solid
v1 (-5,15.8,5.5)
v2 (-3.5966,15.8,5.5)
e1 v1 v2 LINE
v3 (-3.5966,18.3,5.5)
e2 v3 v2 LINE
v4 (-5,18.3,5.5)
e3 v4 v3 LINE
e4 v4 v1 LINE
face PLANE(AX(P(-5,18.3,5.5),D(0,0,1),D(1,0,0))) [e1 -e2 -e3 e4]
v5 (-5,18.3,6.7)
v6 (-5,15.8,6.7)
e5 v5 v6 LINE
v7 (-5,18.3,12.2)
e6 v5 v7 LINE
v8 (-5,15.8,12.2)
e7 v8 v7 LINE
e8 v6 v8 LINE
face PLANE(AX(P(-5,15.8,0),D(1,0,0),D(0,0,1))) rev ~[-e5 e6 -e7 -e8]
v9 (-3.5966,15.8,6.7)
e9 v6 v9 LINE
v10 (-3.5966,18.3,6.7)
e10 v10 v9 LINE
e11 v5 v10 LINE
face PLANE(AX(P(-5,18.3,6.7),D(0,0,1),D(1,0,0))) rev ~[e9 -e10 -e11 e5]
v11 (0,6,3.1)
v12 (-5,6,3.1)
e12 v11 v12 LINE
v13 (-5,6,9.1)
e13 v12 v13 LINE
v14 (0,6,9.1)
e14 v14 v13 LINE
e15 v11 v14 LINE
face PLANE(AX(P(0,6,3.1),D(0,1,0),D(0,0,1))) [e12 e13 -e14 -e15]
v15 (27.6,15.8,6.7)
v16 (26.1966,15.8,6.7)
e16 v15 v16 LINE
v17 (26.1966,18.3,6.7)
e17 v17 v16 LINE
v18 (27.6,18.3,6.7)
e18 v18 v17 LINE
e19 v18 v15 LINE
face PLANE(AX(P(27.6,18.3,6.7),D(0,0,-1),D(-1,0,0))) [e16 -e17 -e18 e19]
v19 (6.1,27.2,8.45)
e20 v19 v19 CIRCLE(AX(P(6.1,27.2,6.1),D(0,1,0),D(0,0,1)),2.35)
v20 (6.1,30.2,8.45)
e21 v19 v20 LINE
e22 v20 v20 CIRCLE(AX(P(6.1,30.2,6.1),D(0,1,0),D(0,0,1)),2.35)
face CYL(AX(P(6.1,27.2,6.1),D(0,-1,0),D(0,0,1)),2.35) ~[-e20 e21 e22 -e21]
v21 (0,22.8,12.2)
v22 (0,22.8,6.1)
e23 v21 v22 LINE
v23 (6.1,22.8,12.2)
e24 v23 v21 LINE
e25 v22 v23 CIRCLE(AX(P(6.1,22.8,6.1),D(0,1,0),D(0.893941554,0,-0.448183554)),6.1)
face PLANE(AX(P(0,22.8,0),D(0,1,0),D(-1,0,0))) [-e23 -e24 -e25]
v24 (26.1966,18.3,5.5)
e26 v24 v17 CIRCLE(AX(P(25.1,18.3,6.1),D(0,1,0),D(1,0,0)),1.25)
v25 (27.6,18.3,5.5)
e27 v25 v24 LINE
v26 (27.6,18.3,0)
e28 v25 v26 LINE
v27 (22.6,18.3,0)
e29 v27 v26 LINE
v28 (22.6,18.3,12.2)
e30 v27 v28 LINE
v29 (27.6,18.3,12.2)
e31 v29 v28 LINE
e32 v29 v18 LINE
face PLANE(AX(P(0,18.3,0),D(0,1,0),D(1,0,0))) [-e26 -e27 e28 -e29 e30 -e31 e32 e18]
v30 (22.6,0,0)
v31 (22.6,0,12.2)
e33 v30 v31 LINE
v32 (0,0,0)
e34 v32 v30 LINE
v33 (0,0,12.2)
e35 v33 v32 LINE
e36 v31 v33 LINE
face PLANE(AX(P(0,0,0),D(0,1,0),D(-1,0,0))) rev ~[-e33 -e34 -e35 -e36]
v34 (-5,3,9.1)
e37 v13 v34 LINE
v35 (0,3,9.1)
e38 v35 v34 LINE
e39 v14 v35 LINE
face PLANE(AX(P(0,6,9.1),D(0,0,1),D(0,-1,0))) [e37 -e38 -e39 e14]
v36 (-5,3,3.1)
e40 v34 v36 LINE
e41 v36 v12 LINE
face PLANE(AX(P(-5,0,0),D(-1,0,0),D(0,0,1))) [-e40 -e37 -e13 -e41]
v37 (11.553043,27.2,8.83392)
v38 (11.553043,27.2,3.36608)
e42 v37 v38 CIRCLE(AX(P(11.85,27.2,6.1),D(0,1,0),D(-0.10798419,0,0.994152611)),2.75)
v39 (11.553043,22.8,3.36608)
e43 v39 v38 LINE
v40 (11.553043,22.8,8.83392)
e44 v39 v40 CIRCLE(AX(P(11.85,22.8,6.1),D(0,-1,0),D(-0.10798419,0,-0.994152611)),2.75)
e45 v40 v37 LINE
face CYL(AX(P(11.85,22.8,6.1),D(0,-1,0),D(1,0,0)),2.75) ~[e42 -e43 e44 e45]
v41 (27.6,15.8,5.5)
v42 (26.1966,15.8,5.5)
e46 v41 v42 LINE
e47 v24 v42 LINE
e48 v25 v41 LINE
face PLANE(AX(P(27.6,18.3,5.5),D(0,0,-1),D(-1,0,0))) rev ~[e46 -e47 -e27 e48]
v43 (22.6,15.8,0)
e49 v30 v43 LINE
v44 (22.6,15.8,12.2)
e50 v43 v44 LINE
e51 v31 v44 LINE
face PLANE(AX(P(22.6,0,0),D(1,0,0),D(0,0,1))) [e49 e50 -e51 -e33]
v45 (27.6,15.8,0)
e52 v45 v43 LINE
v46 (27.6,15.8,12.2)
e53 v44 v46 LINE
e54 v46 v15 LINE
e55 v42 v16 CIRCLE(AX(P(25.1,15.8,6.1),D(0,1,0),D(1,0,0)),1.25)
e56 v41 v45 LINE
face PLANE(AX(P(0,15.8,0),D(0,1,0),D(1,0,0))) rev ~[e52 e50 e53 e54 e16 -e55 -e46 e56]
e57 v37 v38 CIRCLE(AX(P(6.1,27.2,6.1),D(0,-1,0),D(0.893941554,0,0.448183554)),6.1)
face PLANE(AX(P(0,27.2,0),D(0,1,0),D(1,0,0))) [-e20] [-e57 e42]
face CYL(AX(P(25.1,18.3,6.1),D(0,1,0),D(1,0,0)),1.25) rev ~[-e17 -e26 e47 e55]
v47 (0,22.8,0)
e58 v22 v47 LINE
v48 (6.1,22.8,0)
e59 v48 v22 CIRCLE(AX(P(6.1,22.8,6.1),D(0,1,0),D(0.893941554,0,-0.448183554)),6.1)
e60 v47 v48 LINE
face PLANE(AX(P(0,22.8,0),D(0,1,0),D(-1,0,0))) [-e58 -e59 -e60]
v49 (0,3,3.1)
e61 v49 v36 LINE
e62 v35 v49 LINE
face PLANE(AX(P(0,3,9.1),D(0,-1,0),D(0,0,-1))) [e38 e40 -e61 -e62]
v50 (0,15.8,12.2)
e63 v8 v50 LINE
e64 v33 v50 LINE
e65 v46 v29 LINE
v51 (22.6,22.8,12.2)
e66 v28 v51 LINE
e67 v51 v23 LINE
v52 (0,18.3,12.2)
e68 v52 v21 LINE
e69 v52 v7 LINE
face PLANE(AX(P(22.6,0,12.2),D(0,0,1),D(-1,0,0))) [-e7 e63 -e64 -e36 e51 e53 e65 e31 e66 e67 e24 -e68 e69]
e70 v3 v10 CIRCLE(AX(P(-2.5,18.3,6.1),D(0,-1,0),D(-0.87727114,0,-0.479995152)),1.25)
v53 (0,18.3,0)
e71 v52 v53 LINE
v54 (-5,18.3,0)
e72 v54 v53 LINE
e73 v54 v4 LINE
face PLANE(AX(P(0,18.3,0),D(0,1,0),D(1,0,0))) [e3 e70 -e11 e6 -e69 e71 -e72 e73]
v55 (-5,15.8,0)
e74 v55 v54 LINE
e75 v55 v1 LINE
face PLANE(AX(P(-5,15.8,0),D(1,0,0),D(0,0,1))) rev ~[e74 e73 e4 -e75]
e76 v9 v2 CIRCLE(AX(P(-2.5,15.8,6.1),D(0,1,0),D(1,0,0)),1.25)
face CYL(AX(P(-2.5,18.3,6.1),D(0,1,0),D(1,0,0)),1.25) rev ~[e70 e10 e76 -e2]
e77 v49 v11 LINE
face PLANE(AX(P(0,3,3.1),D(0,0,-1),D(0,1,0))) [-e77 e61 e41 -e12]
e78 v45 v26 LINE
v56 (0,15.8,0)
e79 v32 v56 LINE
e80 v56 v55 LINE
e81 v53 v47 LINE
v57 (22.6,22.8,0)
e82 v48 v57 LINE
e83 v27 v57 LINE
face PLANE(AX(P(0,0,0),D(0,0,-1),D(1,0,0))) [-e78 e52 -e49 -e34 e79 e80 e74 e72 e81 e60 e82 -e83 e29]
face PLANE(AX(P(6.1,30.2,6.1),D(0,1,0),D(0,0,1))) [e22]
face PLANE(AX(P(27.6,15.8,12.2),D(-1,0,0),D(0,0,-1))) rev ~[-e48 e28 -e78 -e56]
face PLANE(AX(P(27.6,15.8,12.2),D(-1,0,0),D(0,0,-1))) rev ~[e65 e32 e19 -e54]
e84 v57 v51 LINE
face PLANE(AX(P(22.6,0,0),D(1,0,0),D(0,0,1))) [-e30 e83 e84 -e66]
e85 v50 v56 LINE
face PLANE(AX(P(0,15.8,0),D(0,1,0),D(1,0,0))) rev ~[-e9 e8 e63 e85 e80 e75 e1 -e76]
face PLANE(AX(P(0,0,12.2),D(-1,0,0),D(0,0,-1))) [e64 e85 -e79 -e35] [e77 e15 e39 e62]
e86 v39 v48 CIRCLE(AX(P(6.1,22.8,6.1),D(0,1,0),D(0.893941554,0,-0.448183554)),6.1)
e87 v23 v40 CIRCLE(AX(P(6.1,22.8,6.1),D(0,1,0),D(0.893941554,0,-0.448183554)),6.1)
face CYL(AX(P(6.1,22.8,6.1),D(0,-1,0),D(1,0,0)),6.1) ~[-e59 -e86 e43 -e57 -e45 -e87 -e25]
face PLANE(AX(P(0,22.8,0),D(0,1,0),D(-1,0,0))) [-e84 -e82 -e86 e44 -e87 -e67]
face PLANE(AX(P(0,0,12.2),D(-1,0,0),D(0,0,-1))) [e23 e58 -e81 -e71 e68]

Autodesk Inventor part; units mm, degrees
ref_plane "YZ Plane" through (0, 0, 0) normal (1, 0, 0) x (0, 1, 0)
ref_plane "XZ Plane" through (0, 0, 0) normal (0, 1, 0) x (-1, 0, 0)
sketch "草图1" plane through (0, 0, 0) normal (0, 1, 0) x (-1, 0, 0)
  line L0 (0, 0) -> (-22.6, 0)
  line L1 (-22.6, 0) -> (-22.6, 12.2)
  line L2 (-22.6, 12.2) -> (0, 12.2)
  line L3 (0, 12.2) -> (0, 0)
  dimension "d0" = 22.6
  dimension "d1" = 12.2
extrude "拉伸1" add sketch "草图1" along normal blind 22.8
ref_plane "工作平面1" through (0, 15.8, 0) normal (0, 1, 0) x (1, 0, 0)
sketch "草图2" plane through (0, 15.8, 0) normal (0, 1, 0) x (1, 0, 0)
  line L0 (-5, -12.2) -> (27.6, -12.2)
  line L1 (27.6, -12.2) -> (27.6, 0)
  line L2 (27.6, 0) -> (-5, 0)
  line L3 (-5, 0) -> (-5, -12.2)
  line L4 (0, -12.2) -> (22.6, -12.2) projected
  line L5 (22.6, -12.2) -> (22.6, 0) projected
  line L6 (22.6, 0) -> (0, 0) projected
  line L7 (0, 0) -> (0, -12.2) projected
  line L8 (22.6, 0) -> (0, 0) projected
  line L9 (0, -12.2) -> (22.6, -12.2) projected
  dimension "d5" = 5
  dimension "d6" = 5
extrude "拉伸2" add sketch "草图2" along normal blind 2.5
sketch "草图3" plane through (0, 22.8, 0) normal (0, 1, 0) x (1, 0, 0)
  line L0 (0, -12.2) -> (22.6, -12.2) projected
  line L1 (22.6, -12.2) -> (22.6, 0) projected
  line L2 (22.6, 0) -> (0, 0) projected
  line L3 (0, 0) -> (0, -12.2) projected
  circle A0 centre (6.1, -6.1) radius 6.1
  line L4 (0, 0) -> (0, -12.2) projected
  line L5 (0, -6.1) -> (6.1, -6.1) construction
  circle A1 centre (11.85, -6.1) radius 2.75
  line L6 (14.6, -6.1) -> (0, -6.1) construction
  point P0 (11.553, -3.3661)
  point P1 (11.553, -8.8339)
  dimension "d14" = 5.5
  dimension "d15" = 14.6
extrude "拉伸3" add sketch "草图3" along normal blind 4.4 contours A0 A1 | A1 A0 | A0 A1
sketch "草图4" plane through (6.1, 27.2, 6.1) normal (0, 1, 0) x (0, 0, 1)
  arc A0 (-2.7339, 5.453) -> (2.7339, 5.453) centre (0, 0) ccw projected
  circle A1 centre (0, 0) radius 2.35
  arc A2 (2.7339, 5.453) -> (-2.7339, 5.453) centre (0, 5.75) ccw projected
  point P0 (-6.1, -6.1)
  dimension "d16" = 4.7
extrude "拉伸4" add sketch "草图4" along normal blind 3 contours A1
sketch "草图5" plane through (0, 18.3, 0) normal (0, 1, 0) x (1, 0, 0)
  line L0 (0, 0) -> (0, -12.2) projected
  line L1 (0, 0) -> (-5, 0) projected
  line L2 (-5, 0) -> (-5, -12.2) projected
  line L3 (-5, -12.2) -> (0, -12.2) projected
  line L4 (22.6, -12.2) -> (22.6, 0) projected
  line L5 (22.6, -12.2) -> (27.6, -12.2) projected
  line L6 (27.6, -12.2) -> (27.6, 0) projected
  line L7 (27.6, 0) -> (22.6, 0) projected
  circle A0 centre (-2.5, -6.1) radius 1.25
  circle A1 centre (25.1, -6.1) radius 1.25
  line L8 (-5, 0) -> (-5, -12.2) projected
  line L9 (-5, -6.1) -> (-2.5, -6.1) construction
  line L10 (-5, -6.7) -> (-3.5966, -6.7)
  line L11 (-5, -5.5) -> (-3.5966, -5.5)
  line L12 (27.6, -12.2) -> (27.6, 0) projected
  line L13 (27.6, -6.7) -> (26.1966, -6.7)
  line L14 (27.6, -5.5) -> (26.1966, -5.5)
  point P0 (0, 0)
  dimension "d17" = 2.5
  dimension "d18" = 2.5
  dimension "d19" = 2.5
  dimension "d20" = 2.5
  dimension "d21" = 0.6
  dimension "d22" = 0.6
extrude "拉伸5" cut sketch "草图5" against normal through all contours L11 A0 L10 L2 | A0 | L13 A1 L14 L6 | A1
sketch "草图6" plane through (0, 0, 0) normal (-1, 0, 0) x (0, 0, 1)
  line L0 (3.1, 6) -> (9.1, 6)
  line L1 (9.1, 6) -> (9.1, 3)
  line L2 (9.1, 3) -> (3.1, 3)
  line L3 (3.1, 3) -> (3.1, 6)
  line L4 (12.2, 15.8) -> (0, 15.8) projected
  line L5 (0, 0) -> (0, 15.8) projected
  line L6 (0, 0) -> (12.2, 0) projected
  line L7 (12.2, 0) -> (12.2, 15.8) projected
  line L8 (6.1, 0) -> (6.1, 6) construction
  dimension "d25" = 6
  dimension "d26" = 3
  dimension "d27" = 6
extrude "拉伸6" add sketch "草图6" along normal blind 5 contours L0 L1 L2 L3
ref_plane "工作平面2" through (6.1, 18.3, 12.2) normal (-1, 0, 0) x (0, 0, 1)
properties part number "sg90"
